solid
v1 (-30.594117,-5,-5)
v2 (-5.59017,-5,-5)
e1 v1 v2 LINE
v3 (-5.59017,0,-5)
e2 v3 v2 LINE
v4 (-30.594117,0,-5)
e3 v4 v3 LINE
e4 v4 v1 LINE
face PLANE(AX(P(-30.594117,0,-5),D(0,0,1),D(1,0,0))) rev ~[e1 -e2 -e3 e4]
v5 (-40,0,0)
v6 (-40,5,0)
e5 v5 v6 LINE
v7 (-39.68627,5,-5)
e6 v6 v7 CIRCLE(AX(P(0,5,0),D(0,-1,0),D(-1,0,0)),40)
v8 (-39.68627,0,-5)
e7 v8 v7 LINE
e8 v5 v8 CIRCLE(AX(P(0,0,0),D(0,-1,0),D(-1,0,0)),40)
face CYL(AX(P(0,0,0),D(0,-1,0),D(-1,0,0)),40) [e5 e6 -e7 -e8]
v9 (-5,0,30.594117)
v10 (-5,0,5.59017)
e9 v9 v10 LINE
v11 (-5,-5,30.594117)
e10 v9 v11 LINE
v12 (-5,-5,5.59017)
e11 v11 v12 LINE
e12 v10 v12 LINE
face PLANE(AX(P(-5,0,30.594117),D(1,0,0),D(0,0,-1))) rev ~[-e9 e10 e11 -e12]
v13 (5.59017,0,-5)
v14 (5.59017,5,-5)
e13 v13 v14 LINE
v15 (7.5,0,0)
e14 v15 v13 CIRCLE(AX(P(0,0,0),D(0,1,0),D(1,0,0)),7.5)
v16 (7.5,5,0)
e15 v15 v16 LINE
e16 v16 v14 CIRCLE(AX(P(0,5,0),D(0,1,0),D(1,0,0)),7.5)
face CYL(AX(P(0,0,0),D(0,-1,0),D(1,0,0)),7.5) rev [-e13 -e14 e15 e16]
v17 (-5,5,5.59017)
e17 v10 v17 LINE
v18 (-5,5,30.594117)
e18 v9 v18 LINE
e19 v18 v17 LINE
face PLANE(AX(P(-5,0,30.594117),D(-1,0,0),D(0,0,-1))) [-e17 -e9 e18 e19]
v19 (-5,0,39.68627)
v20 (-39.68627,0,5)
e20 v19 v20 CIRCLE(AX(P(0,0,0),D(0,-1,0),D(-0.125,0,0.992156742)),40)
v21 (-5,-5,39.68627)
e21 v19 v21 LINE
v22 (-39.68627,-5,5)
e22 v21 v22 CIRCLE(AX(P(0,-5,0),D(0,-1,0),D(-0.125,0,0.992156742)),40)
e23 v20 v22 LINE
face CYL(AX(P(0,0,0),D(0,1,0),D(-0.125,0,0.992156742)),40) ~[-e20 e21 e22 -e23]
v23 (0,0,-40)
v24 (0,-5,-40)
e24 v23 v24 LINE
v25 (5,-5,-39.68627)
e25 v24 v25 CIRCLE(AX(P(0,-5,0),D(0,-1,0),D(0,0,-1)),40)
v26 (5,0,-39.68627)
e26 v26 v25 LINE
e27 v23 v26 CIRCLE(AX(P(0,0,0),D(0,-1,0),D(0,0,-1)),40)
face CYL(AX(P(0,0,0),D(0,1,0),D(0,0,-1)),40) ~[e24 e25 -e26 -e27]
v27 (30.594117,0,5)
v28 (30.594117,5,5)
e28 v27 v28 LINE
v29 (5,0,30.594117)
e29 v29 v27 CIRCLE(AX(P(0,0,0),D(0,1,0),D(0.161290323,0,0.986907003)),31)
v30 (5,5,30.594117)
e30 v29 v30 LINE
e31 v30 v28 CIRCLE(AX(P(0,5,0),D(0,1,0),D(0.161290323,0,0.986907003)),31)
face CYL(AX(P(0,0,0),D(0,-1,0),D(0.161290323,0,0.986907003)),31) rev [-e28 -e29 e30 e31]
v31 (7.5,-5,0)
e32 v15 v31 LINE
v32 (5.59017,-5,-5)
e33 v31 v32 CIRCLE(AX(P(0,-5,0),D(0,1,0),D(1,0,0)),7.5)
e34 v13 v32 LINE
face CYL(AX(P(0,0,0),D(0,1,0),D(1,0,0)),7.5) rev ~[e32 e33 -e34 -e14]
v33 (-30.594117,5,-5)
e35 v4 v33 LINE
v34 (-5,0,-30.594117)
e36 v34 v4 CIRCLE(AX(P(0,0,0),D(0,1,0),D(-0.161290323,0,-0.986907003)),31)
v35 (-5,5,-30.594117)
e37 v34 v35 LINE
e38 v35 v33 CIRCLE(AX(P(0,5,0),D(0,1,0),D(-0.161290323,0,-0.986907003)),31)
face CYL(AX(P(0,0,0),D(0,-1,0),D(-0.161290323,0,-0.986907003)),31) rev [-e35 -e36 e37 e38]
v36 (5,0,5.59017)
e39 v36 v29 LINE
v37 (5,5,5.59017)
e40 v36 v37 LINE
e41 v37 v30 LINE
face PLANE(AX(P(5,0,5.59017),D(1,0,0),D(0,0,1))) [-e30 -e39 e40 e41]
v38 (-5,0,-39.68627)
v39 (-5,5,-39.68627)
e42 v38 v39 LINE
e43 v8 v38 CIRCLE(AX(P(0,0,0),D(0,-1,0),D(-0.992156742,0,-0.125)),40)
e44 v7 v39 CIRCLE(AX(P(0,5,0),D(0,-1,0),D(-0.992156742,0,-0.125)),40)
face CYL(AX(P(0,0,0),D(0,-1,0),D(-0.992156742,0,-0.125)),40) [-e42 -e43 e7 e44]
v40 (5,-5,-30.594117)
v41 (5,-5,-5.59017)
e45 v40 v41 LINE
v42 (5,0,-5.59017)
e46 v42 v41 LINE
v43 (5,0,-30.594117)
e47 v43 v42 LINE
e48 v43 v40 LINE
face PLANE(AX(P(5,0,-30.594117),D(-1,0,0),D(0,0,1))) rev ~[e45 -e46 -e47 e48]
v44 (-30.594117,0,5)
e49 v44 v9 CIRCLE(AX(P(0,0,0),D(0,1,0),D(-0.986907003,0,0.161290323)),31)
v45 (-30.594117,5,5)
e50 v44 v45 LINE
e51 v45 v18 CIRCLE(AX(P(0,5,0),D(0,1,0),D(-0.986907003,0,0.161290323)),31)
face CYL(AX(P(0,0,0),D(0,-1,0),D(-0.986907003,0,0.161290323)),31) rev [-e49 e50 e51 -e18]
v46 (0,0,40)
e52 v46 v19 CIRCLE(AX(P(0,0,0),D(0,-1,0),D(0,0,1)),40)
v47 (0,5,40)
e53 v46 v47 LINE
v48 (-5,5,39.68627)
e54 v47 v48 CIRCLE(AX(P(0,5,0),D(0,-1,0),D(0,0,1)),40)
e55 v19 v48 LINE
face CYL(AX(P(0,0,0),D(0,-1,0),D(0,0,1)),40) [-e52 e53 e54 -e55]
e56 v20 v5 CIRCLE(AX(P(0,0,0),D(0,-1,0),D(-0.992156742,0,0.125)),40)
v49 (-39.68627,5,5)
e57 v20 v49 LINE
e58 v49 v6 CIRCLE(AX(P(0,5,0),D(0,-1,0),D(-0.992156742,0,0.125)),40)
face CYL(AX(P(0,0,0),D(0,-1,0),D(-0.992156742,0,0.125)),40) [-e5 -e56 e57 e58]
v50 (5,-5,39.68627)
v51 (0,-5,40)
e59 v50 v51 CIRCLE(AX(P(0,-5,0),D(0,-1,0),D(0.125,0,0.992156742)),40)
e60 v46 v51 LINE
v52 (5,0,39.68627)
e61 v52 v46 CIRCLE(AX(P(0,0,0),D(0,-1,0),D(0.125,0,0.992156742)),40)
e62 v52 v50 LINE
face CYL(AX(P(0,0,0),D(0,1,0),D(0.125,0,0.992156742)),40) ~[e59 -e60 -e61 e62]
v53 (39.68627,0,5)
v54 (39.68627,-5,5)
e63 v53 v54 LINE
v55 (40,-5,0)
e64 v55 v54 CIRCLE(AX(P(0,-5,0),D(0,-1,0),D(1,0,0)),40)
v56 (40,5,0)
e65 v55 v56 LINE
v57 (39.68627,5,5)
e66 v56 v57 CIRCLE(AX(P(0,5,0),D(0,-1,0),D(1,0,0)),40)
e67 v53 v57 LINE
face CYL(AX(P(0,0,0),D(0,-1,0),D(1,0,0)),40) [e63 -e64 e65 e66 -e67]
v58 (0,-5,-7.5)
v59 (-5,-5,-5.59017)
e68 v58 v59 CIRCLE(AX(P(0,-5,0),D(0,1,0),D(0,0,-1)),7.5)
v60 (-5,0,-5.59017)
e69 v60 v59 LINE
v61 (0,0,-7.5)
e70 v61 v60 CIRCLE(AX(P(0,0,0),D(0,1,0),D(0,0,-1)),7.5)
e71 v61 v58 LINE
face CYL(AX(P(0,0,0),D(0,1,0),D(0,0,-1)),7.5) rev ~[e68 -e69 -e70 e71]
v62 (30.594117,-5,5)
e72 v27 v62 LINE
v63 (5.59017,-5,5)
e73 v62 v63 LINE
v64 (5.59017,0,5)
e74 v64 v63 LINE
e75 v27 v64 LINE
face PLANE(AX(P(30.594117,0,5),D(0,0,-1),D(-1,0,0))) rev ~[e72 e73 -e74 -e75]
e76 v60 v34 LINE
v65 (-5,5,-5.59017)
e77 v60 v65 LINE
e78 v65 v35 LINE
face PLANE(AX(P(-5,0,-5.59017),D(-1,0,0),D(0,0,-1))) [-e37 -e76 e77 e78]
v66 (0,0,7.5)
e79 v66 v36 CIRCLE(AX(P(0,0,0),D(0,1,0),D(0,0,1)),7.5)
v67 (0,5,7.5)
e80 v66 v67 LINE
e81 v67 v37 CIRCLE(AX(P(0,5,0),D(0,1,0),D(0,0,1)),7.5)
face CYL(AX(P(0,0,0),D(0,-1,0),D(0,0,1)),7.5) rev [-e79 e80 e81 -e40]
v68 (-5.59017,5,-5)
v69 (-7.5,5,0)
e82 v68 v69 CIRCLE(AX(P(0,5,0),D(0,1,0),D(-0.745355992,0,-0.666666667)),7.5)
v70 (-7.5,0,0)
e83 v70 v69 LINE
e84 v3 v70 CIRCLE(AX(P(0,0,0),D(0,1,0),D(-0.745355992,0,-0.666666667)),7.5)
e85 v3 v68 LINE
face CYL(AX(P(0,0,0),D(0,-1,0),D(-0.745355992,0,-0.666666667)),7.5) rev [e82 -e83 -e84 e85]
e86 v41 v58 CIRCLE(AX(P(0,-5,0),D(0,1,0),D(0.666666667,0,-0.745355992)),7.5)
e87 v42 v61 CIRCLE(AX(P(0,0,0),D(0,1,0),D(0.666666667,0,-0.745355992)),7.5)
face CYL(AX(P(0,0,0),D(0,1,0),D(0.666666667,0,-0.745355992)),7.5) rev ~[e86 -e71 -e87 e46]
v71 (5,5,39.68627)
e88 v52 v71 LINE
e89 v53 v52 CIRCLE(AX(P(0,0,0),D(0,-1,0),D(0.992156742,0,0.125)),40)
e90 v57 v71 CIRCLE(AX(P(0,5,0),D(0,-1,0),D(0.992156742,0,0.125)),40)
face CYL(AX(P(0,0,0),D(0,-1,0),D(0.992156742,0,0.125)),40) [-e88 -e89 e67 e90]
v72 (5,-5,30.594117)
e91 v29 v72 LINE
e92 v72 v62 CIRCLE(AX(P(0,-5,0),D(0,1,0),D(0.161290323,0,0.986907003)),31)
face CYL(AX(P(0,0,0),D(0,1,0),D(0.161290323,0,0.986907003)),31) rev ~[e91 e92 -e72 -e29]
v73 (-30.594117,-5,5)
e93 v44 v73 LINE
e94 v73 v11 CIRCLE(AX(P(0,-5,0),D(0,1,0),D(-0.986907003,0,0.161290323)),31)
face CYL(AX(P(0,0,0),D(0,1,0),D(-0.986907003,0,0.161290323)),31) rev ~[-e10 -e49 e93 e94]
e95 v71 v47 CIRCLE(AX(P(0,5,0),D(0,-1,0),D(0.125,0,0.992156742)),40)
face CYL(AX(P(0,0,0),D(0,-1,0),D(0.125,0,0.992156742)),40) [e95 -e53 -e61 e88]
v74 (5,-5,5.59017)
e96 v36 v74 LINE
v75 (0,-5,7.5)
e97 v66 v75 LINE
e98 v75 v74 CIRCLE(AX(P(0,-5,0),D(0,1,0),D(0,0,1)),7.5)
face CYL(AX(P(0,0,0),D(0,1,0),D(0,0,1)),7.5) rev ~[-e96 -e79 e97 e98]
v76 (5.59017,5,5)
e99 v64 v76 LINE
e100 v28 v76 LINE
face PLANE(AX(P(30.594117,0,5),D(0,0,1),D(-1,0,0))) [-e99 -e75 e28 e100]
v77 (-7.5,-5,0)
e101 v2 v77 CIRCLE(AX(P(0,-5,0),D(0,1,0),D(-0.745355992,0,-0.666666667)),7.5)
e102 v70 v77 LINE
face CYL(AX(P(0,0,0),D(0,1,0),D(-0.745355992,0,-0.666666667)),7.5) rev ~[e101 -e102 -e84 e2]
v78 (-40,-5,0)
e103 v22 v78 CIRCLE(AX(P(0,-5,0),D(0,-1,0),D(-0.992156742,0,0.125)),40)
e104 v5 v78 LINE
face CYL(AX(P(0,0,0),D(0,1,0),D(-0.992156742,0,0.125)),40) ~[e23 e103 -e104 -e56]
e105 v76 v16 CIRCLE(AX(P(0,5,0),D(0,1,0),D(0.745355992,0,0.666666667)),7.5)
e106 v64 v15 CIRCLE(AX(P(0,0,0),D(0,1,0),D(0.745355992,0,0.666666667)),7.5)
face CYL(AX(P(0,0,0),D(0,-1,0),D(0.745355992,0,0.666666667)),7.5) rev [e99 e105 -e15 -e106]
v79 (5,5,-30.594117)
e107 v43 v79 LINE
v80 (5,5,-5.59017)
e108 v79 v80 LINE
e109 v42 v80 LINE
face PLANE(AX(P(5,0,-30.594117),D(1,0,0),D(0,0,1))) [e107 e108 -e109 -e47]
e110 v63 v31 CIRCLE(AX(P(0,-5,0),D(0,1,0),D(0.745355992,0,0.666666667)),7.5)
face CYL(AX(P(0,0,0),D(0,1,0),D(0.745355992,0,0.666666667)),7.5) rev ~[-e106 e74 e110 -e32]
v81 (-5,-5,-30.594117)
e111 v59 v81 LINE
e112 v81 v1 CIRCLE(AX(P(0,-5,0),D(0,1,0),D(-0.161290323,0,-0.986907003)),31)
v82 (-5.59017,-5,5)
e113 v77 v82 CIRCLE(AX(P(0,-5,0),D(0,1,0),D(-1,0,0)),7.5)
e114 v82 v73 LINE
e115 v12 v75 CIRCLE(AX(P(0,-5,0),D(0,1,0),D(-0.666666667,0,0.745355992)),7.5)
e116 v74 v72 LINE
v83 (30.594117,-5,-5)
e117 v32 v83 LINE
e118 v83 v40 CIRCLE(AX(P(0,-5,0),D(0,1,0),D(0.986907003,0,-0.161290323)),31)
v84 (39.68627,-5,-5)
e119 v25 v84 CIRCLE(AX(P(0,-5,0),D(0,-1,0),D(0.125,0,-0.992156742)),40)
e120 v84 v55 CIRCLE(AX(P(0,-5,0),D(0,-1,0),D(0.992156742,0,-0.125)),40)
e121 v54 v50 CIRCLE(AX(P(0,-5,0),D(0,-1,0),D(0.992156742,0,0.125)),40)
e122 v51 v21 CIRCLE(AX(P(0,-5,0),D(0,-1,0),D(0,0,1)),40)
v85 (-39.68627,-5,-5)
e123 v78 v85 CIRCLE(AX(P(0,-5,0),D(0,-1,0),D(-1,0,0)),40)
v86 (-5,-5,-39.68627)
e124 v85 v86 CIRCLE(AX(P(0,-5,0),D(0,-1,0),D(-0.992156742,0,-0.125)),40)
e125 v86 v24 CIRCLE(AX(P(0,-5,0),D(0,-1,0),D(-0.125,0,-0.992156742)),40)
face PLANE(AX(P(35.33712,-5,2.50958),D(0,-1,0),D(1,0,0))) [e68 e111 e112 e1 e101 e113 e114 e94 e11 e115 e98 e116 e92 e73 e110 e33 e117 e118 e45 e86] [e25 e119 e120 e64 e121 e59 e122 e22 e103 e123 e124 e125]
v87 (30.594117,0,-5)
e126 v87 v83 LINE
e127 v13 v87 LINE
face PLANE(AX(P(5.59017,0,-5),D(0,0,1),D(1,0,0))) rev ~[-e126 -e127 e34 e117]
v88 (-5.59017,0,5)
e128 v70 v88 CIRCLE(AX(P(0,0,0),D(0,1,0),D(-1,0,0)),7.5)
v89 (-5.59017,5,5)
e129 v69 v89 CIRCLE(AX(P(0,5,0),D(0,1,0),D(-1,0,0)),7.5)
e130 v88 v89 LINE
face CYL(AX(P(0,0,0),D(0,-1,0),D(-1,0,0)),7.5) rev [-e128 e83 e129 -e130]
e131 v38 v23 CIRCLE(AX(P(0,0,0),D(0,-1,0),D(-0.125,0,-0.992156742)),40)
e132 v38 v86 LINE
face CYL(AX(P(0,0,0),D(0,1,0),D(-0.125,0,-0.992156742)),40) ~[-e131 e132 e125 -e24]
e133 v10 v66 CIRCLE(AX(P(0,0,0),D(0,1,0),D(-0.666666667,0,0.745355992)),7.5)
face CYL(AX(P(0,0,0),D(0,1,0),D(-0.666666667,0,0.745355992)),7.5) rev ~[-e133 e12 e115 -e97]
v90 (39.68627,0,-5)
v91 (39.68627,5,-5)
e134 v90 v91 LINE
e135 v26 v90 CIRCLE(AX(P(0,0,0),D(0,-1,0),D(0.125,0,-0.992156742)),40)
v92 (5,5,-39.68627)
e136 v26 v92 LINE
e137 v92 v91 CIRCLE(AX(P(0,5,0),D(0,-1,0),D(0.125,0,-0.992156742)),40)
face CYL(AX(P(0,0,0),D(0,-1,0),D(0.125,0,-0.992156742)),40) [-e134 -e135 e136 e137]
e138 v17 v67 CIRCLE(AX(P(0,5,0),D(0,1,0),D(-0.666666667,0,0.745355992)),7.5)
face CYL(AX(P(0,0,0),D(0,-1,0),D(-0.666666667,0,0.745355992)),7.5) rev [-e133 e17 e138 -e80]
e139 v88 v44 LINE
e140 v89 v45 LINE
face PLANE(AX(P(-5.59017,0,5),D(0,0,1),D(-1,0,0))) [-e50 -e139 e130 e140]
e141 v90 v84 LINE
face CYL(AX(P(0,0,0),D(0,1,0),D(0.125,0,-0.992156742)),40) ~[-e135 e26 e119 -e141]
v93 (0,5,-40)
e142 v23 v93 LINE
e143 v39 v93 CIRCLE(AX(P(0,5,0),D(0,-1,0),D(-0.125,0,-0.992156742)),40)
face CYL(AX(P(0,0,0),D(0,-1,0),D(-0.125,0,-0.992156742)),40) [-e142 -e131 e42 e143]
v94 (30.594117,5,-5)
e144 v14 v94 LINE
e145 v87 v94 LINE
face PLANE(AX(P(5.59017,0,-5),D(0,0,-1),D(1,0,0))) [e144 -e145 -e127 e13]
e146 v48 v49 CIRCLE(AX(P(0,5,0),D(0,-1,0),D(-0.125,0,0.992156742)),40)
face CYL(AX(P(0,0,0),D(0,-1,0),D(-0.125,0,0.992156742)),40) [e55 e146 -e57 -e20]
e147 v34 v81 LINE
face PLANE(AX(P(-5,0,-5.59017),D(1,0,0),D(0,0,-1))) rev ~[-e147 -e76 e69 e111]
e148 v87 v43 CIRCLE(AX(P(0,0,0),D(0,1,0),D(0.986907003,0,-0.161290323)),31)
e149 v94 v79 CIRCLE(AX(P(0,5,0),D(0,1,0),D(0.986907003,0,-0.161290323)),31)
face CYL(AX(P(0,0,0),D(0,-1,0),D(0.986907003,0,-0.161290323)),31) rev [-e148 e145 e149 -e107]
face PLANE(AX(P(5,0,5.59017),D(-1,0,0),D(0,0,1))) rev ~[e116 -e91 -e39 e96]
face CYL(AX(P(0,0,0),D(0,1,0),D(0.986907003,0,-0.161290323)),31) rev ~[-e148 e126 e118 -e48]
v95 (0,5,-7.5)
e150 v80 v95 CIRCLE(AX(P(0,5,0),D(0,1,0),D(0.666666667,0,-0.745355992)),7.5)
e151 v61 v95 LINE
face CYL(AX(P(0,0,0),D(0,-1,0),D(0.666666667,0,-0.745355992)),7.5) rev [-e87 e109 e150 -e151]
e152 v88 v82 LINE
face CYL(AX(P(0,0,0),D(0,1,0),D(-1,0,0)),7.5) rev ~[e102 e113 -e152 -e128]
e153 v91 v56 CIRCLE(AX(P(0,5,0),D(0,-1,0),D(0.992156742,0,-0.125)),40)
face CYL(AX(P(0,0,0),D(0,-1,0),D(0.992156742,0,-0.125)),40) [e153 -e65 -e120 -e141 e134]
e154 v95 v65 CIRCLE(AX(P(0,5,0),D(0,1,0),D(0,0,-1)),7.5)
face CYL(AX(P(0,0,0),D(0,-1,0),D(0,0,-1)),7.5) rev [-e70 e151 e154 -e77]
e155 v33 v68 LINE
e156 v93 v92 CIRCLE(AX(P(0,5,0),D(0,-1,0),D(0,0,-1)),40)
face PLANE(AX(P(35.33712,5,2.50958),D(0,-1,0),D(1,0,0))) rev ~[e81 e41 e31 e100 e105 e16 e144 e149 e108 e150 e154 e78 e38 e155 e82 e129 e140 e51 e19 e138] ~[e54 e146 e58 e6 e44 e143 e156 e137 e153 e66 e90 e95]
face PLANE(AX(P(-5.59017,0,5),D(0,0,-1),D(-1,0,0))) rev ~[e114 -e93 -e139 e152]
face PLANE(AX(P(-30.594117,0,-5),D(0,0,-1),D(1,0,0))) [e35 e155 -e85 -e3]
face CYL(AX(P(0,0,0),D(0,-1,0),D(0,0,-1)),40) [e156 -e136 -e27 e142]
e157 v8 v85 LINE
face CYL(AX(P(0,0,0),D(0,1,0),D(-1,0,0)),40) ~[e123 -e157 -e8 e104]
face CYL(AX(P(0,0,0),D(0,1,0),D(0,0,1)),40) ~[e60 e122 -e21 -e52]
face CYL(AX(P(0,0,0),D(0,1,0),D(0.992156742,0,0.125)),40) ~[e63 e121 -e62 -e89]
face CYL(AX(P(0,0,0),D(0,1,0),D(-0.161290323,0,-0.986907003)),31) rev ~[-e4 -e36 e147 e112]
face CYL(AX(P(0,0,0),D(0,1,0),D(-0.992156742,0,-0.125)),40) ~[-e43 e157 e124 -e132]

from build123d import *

# Parameters (mm, degrees)
F1_DEPTH = 5


with BuildPart() as f1:
    # F0 (on Front) → F1 (new body, symmetric)
    with BuildSketch(Plane.XZ):
        with BuildLine():
            Line((31, 0), (40, 0))
            ThreePointArc((40, 0), (39.9214903695, 2.5049165017), (39.686269666, 5))
            Line((39.686269666, 5), (30.5941170816, 5))
            ThreePointArc((30.5941170816, 5), (30.8983626551, 2.5082235219), (31, 0))
        make_face()
        with BuildLine():
            ThreePointArc((39.686269666, -5), (39.9214903695, -2.5049165017), (40, 0))
            Line((40, 0), (31, 0))
            ThreePointArc((31, 0), (30.8983626551, -2.5082235219), (30.5941170816, -5))
            Line((30.5941170816, -5), (39.686269666, -5))
        make_face()
        with BuildLine():
            Line((30.5941170816, 5), (39.686269666, 5))
            ThreePointArc((39.686269666, 5), (28.2842712475, 28.2842712475), (5, 39.686269666))
            Line((5, 39.686269666), (5, 30.5941170816))
            ThreePointArc((5, 30.5941170816), (21.9203102168, 21.9203102168), (30.5941170816, 5))
        make_face()
        with BuildLine():
            ThreePointArc((5, -39.686269666), (28.2842712475, -28.2842712475), (39.686269666, -5))
            Line((39.686269666, -5), (30.5941170816, -5))
            ThreePointArc((30.5941170816, -5), (21.9203102168, -21.9203102168), (5, -30.5941170816))
            Line((5, -30.5941170816), (5, -39.686269666))
        make_face()
        with BuildLine():
            Line((5, 30.5941170816), (5, 39.686269666))
            ThreePointArc((5, 39.686269666), (2.5049165017, 39.9214903695), (0, 40))
            Line((0, 40), (0, 31))
            ThreePointArc((0, 31), (2.5082235219, 30.8983626551), (5, 30.5941170816))
        make_face()
        with BuildLine():
            ThreePointArc((0, -40), (2.5049165017, -39.9214903695), (5, -39.686269666))
            Line((5, -39.686269666), (5, -30.5941170816))
            ThreePointArc((5, -30.5941170816), (2.5082235219, -30.8983626551), (0, -31))
            Line((0, -31), (0, -40))
        make_face()
        with BuildLine():
            Line((0, 31), (0, 40))
            ThreePointArc((0, 40), (-2.5049165017, 39.9214903695), (-5, 39.686269666))
            Line((-5, 39.686269666), (-5, 30.5941170816))
            ThreePointArc((-5, 30.5941170816), (-2.5082235219, 30.8983626551), (0, 31))
        make_face()
        with BuildLine():
            ThreePointArc((-5, -39.686269666), (-2.5049165017, -39.9214903695), (0, -40))
            Line((0, -40), (0, -31))
            ThreePointArc((0, -31), (-2.5082235219, -30.8983626551), (-5, -30.5941170816))
            Line((-5, -30.5941170816), (-5, -39.686269666))
        make_face()
        with BuildLine():
            Line((-5, 30.5941170816), (-5, 39.686269666))
            ThreePointArc((-5, 39.686269666), (-28.2842712475, 28.2842712475), (-39.686269666, 5))
            Line((-39.686269666, 5), (-30.5941170816, 5))
            ThreePointArc((-30.5941170816, 5), (-21.9203102168, 21.9203102168), (-5, 30.5941170816))
        make_face()
        with BuildLine():
            ThreePointArc((-39.686269666, -5), (-28.2842712475, -28.2842712475), (-5, -39.686269666))
            Line((-5, -39.686269666), (-5, -30.5941170816))
            ThreePointArc((-5, -30.5941170816), (-21.9203102168, -21.9203102168), (-30.5941170816, -5))
            Line((-30.5941170816, -5), (-39.686269666, -5))
        make_face()
        with BuildLine():
            Line((-30.5941170816, 5), (-39.686269666, 5))
            ThreePointArc((-39.686269666, 5), (-39.9214903695, 2.5049165017), (-40, 0))
            Line((-40, 0), (-31, 0))
            ThreePointArc((-31, 0), (-30.8983626551, 2.5082235219), (-30.5941170816, 5))
        make_face()
        with BuildLine():
            ThreePointArc((-40, 0), (-39.9214903695, -2.5049165017), (-39.686269666, -5))
            Line((-39.686269666, -5), (-30.5941170816, -5))
            ThreePointArc((-30.5941170816, -5), (-30.8983626551, -2.5082235219), (-31, 0))
            Line((-31, 0), (-40, 0))
        make_face()
        with BuildLine():
            ThreePointArc((30.5941170816, -5), (30.8983626551, -2.5082235219), (31, 0))
            Line((31, 0), (7.5, 0))
            ThreePointArc((7.5, 0), (7.0062926922, -2.6761656733), (5.5901699437, -5))
            Line((5.5901699437, -5), (30.5941170816, -5))
        make_face()
        with BuildLine():
            Line((7.5, 0), (31, 0))
            ThreePointArc((31, 0), (30.8983626551, 2.5082235219), (30.5941170816, 5))
            Line((30.5941170816, 5), (5.5901699437, 5))
            ThreePointArc((5.5901699437, 5), (7.0062926922, 2.6761656733), (7.5, 0))
        make_face()
        with BuildLine():
            Line((5, 5.5901699437), (5, 30.5941170816))
            ThreePointArc((5, 30.5941170816), (2.5082235219, 30.8983626551), (0, 31))
            Line((0, 31), (0, 7.5))
            ThreePointArc((0, 7.5), (2.6761656733, 7.0062926922), (5, 5.5901699437))
        make_face()
        with BuildLine():
            Line((0, 7.5), (0, 31))
            ThreePointArc((0, 31), (-2.5082235219, 30.8983626551), (-5, 30.5941170816))
            Line((-5, 30.5941170816), (-5, 5.5901699437))
            ThreePointArc((-5, 5.5901699437), (-2.6761656733, 7.0062926922), (0, 7.5))
        make_face()
        with BuildLine():
            Line((-5.5901699437, 5), (-30.5941170816, 5))
            ThreePointArc((-30.5941170816, 5), (-30.8983626551, 2.5082235219), (-31, 0))
            Line((-31, 0), (-7.5, 0))
            ThreePointArc((-7.5, 0), (-7.0062926922, 2.6761656733), (-5.5901699437, 5))
        make_face()
        with BuildLine():
            ThreePointArc((0, -31), (2.5082235219, -30.8983626551), (5, -30.5941170816))
            Line((5, -30.5941170816), (5, -5.5901699437))
            ThreePointArc((5, -5.5901699437), (2.6761656733, -7.0062926922), (0, -7.5))
            Line((0, -7.5), (0, -31))
        make_face()
        with BuildLine():
            ThreePointArc((-5, -30.5941170816), (-2.5082235219, -30.8983626551), (0, -31))
            Line((0, -31), (0, -7.5))
            ThreePointArc((0, -7.5), (-2.6761656733, -7.0062926922), (-5, -5.5901699437))
            Line((-5, -5.5901699437), (-5, -30.5941170816))
        make_face()
        with BuildLine():
            ThreePointArc((-31, 0), (-30.8983626551, -2.5082235219), (-30.5941170816, -5))
            Line((-30.5941170816, -5), (-5.5901699437, -5))
            ThreePointArc((-5.5901699437, -5), (-7.0062926922, -2.6761656733), (-7.5, 0))
            Line((-7.5, 0), (-31, 0))
        make_face()
    extrude(amount=F1_DEPTH, both=True)


solid = f1.part
